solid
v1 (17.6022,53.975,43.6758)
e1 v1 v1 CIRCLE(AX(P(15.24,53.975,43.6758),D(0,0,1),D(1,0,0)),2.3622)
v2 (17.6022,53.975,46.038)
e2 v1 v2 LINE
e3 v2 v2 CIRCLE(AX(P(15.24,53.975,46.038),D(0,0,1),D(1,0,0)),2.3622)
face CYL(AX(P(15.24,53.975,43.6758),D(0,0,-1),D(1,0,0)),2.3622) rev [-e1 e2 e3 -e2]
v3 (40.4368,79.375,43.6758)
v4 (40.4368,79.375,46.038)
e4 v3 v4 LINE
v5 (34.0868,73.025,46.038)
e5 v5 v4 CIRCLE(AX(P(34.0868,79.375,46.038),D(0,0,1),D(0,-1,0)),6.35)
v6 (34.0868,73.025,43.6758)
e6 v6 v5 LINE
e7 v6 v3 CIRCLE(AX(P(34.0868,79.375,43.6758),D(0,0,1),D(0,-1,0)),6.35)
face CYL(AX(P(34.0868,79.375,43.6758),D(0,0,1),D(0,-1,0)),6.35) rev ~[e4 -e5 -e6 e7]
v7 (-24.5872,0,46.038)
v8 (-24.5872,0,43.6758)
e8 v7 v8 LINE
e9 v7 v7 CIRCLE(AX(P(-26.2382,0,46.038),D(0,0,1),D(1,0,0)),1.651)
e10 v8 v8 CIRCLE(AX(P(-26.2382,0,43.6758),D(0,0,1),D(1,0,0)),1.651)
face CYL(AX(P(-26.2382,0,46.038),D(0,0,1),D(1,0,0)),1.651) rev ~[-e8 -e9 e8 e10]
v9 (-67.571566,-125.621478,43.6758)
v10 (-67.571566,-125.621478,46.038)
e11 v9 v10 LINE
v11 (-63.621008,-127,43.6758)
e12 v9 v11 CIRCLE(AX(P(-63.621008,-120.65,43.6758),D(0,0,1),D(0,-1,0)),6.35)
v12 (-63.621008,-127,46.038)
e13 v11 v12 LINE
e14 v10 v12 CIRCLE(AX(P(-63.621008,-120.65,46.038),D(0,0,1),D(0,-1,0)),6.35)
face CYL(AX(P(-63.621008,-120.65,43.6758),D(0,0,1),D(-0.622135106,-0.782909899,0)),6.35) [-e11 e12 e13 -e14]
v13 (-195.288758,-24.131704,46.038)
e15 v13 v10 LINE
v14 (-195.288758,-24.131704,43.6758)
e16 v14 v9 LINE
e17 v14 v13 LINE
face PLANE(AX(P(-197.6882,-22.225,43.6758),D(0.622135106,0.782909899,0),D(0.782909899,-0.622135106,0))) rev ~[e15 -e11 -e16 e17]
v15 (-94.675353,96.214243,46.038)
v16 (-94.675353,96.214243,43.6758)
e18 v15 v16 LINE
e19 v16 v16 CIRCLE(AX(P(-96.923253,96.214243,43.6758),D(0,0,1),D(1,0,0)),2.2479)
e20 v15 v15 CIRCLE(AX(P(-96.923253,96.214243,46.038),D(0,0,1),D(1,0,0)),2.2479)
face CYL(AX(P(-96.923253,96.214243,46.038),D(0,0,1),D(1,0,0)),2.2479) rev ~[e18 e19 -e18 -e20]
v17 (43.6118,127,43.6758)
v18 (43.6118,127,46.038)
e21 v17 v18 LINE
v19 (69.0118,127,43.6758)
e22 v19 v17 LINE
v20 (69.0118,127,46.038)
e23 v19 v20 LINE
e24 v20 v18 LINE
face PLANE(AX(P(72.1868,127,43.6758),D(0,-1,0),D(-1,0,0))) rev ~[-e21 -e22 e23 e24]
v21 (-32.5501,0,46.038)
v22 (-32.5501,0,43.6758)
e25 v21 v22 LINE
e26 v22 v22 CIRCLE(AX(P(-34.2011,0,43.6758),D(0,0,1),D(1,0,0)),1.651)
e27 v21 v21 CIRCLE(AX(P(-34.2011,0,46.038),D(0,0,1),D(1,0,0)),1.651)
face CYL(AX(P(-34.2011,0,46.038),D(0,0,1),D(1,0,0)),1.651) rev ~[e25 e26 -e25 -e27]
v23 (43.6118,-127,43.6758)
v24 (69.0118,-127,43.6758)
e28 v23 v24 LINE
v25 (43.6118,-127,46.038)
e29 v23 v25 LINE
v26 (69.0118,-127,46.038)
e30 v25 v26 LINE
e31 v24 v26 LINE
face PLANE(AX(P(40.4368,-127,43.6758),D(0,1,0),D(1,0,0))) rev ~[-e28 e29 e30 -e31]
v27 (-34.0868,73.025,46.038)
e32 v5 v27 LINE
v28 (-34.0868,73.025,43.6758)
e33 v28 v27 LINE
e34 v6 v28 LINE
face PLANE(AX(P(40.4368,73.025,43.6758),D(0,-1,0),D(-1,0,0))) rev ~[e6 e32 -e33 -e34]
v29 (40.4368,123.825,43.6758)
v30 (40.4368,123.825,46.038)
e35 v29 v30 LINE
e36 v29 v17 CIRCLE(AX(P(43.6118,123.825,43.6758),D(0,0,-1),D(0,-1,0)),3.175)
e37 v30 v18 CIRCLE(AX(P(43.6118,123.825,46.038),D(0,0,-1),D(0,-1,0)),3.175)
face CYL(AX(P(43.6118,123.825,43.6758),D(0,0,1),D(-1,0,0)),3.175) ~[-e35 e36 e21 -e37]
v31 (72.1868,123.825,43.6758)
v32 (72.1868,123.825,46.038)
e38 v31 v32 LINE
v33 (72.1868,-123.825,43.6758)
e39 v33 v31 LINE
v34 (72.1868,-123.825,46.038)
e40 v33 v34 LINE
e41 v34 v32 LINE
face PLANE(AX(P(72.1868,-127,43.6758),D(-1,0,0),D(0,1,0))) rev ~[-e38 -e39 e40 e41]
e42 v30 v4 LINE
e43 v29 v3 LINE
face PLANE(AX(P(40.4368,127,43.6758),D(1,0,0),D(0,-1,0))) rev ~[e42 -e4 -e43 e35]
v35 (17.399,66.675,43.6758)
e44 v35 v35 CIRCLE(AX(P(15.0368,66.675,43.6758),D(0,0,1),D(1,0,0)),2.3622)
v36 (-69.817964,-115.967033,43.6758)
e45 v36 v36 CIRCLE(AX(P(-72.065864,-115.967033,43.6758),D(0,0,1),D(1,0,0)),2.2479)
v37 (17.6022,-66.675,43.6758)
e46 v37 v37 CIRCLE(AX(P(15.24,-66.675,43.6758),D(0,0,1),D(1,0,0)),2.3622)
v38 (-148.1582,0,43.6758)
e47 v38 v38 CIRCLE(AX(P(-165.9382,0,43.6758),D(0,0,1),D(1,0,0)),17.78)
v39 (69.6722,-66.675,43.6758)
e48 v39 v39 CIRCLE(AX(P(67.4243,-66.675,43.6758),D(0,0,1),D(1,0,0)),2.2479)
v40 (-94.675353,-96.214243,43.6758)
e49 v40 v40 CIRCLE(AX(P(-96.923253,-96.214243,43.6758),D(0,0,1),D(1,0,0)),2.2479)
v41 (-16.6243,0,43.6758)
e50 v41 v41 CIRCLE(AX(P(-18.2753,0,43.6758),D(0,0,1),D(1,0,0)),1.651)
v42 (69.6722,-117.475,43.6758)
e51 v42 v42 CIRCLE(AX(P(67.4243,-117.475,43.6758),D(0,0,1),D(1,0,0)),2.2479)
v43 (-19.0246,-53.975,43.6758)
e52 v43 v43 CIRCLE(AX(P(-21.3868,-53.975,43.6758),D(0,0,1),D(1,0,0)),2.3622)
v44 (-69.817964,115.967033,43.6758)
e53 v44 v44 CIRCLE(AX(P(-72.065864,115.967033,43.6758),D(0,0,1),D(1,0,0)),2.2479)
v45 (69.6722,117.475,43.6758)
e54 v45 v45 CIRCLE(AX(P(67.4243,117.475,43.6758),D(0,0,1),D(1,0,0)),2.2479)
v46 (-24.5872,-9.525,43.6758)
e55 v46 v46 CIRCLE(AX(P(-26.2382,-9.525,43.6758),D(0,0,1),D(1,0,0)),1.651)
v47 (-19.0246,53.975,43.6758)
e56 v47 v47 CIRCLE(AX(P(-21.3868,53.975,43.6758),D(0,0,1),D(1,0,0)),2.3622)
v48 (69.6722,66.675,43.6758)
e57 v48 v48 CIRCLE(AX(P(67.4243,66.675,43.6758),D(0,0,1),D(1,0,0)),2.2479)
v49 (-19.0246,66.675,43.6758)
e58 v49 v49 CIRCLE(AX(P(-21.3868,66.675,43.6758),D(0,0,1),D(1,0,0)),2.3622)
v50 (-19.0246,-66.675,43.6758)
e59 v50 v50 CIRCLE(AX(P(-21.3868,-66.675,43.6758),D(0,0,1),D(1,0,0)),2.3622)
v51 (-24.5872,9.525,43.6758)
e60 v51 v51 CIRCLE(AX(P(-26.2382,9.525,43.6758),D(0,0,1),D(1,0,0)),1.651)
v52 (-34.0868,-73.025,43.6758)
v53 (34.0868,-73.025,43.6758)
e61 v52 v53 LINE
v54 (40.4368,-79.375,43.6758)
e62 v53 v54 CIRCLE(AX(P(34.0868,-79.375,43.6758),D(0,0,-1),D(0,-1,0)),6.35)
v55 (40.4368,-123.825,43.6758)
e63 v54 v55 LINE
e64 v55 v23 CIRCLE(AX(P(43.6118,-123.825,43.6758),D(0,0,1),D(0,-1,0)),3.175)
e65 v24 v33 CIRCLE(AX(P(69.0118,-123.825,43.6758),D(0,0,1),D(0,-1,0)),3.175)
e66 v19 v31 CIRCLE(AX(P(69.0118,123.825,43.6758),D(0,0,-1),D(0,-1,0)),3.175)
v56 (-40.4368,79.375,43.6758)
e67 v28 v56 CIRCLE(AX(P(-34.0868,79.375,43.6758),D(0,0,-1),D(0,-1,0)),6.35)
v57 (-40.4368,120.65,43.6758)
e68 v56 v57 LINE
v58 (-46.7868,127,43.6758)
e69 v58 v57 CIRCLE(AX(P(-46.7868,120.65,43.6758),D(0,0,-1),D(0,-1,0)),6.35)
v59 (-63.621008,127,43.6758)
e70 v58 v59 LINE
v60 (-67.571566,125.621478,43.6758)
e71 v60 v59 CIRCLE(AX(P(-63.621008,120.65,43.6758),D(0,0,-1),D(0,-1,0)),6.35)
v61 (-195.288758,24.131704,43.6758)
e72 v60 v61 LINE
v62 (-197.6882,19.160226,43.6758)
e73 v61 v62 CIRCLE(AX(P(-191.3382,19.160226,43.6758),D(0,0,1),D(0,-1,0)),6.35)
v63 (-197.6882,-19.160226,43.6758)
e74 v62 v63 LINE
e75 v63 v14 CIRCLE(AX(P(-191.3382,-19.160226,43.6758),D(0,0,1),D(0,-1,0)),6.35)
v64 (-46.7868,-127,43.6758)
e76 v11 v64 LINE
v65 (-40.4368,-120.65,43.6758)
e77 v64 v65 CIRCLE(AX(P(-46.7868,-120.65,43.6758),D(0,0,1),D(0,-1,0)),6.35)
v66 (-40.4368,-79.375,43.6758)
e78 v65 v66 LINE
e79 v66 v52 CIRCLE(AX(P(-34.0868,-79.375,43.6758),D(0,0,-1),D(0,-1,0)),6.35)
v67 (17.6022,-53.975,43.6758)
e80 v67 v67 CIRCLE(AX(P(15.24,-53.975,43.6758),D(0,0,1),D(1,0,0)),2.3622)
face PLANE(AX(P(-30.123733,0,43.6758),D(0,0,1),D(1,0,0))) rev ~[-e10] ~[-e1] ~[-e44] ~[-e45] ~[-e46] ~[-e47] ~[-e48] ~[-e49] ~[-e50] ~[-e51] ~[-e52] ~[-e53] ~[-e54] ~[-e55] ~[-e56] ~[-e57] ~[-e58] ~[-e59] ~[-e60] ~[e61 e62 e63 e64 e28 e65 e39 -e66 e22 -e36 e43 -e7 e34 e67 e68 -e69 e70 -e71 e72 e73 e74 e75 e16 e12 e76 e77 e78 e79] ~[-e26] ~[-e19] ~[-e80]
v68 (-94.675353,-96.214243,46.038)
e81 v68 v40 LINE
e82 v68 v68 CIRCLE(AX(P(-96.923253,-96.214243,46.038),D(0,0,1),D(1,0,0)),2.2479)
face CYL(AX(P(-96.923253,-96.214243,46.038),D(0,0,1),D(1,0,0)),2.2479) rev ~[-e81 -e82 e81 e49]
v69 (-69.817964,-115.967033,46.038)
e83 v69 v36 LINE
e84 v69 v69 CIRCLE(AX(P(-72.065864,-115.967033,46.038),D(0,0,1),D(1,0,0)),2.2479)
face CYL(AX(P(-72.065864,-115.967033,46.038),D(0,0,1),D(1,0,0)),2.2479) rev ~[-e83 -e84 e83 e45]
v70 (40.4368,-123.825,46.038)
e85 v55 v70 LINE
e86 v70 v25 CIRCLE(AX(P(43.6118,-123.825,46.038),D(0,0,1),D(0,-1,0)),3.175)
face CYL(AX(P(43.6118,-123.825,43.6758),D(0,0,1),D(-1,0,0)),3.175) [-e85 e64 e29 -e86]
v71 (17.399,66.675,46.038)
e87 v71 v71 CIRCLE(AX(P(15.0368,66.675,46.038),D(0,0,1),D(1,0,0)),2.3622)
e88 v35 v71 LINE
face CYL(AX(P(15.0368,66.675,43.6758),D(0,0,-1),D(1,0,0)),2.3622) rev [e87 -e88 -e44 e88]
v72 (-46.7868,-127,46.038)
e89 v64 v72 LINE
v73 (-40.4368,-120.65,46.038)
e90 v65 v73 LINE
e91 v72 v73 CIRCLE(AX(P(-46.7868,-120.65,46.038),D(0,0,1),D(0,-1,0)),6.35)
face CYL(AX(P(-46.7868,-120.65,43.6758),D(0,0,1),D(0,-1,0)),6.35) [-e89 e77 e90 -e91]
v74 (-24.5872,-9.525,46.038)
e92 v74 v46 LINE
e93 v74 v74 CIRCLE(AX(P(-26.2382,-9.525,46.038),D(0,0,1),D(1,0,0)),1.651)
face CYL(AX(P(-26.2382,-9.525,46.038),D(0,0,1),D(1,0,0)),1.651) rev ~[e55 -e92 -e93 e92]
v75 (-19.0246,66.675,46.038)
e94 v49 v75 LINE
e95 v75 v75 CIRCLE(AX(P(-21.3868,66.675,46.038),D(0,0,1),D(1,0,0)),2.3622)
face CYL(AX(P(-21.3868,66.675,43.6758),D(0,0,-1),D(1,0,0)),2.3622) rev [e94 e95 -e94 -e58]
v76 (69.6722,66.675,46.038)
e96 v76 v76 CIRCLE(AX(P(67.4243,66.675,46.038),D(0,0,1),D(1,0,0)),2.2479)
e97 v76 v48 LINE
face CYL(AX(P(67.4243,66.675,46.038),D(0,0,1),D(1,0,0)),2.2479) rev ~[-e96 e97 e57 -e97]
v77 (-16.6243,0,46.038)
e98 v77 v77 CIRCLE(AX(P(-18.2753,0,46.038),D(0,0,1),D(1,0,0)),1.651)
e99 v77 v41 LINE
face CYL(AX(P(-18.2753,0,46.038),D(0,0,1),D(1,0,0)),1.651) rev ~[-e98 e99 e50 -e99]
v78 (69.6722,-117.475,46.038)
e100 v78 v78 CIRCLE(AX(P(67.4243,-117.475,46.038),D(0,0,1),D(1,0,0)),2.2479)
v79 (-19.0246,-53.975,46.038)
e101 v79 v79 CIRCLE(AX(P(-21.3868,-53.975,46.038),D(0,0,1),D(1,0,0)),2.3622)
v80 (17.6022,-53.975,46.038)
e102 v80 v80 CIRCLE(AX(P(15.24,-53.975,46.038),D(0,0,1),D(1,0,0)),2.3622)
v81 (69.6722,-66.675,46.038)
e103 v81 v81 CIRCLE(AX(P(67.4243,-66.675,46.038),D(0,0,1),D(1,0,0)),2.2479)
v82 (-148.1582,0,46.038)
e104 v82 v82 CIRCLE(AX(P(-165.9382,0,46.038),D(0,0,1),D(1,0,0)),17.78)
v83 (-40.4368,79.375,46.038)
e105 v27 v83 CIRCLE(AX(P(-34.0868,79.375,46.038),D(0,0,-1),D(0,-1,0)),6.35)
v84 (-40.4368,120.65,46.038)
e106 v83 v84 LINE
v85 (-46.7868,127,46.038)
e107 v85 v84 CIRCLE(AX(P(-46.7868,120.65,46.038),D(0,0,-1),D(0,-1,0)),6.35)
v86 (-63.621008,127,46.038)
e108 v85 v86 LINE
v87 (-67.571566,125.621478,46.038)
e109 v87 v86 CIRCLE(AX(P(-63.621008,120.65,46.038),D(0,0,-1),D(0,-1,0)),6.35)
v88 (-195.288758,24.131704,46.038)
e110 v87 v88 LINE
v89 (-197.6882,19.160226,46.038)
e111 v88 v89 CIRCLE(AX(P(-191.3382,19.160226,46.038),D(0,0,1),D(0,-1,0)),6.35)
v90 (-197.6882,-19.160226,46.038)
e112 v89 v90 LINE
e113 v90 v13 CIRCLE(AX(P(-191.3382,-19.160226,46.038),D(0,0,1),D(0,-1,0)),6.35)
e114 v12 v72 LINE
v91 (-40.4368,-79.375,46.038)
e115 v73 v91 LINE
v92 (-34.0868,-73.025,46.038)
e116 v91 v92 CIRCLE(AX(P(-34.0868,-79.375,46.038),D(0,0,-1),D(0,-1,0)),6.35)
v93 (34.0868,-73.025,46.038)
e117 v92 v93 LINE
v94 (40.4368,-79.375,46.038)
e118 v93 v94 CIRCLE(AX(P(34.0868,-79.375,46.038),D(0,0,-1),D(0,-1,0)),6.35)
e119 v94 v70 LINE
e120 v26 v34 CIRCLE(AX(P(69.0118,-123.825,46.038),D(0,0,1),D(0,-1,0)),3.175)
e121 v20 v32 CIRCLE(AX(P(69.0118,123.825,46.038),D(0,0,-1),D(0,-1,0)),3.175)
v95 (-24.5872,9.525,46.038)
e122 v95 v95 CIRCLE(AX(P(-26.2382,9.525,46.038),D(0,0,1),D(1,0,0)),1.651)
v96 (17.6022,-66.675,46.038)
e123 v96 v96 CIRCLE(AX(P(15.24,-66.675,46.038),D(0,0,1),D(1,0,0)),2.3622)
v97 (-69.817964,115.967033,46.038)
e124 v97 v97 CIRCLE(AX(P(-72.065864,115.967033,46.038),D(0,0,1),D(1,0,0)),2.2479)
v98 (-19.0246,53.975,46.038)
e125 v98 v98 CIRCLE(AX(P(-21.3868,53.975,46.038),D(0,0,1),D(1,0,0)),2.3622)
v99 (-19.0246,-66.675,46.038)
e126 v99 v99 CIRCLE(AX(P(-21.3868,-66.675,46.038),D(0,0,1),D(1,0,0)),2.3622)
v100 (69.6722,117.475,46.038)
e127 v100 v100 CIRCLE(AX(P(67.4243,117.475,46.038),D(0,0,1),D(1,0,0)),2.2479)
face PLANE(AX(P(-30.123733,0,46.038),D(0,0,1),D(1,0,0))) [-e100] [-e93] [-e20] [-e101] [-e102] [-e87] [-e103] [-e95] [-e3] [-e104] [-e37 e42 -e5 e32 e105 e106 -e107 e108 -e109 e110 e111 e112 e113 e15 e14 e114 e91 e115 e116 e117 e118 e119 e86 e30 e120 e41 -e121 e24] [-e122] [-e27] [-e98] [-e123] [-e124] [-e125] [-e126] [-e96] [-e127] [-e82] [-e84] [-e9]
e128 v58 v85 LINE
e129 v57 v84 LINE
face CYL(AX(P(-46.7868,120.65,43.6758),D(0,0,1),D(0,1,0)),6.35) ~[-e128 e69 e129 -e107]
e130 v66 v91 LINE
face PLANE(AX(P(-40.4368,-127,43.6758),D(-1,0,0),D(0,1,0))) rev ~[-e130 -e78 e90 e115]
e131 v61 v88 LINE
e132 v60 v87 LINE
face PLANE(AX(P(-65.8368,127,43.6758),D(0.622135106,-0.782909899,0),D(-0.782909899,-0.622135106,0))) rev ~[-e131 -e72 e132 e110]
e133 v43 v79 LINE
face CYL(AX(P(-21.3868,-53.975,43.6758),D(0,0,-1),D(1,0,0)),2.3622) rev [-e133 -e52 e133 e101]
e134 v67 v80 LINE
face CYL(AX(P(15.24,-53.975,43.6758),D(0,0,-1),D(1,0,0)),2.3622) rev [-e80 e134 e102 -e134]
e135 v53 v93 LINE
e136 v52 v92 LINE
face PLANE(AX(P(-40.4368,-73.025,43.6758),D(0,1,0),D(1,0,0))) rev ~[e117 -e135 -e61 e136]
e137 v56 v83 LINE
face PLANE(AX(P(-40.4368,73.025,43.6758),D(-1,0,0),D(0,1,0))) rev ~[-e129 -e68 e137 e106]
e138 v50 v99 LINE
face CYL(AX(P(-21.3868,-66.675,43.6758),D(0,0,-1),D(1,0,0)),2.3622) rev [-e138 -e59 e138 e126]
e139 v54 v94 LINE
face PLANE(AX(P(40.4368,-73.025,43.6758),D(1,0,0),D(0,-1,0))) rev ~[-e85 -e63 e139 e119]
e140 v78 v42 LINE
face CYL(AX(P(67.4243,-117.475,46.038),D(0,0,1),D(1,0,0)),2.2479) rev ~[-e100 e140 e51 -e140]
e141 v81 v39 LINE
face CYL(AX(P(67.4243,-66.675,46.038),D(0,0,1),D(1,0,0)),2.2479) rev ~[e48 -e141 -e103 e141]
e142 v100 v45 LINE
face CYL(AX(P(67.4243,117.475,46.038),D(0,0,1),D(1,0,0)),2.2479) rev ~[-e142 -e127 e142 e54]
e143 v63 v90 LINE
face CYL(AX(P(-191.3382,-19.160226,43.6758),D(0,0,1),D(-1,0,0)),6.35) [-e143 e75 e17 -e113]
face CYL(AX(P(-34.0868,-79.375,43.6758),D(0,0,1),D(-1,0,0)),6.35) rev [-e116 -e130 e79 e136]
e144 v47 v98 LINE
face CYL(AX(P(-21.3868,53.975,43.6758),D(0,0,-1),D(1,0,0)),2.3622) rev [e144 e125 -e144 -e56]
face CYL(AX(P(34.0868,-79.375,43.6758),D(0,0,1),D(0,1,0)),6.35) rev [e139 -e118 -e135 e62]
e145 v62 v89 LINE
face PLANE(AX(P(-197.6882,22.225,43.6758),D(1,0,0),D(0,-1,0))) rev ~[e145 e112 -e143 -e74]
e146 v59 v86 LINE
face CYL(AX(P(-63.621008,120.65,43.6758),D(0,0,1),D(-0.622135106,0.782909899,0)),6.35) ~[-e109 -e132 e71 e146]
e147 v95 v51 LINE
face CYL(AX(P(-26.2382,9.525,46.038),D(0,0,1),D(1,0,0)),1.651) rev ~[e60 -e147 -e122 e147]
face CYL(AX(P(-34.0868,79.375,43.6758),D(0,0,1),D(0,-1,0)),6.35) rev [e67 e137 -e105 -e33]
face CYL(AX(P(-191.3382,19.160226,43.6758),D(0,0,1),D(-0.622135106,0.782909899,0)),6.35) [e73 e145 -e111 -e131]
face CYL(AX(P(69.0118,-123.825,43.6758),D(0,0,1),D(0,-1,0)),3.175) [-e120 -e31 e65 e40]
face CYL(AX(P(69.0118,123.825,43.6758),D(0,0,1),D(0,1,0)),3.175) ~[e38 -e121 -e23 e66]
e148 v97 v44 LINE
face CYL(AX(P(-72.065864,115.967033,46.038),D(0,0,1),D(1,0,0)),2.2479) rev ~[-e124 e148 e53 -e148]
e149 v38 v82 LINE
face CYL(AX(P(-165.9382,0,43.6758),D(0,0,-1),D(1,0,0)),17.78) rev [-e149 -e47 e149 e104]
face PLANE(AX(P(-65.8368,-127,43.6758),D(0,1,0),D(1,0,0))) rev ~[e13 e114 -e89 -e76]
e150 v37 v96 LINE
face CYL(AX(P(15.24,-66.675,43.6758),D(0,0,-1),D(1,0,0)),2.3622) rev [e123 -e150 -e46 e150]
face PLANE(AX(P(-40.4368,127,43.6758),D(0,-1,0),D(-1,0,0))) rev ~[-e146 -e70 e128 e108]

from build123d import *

# Parameters (mm, degrees)
SKETCH_R        = 2.3622
SKETCH_R_2      = 17.78
PAD_DEPTH       = 2.3622
FILLET_R        = 6.35
FILLET001_R     = 6.35
FILLET002_R     = 6.35
FILLET003_R     = 6.35
FILLET004_R     = 6.35
FILLET005_R     = 3.175
FILLET006_R     = 3.175
FILLET007_R     = 6.35
FILLET008_R     = 6.35
FILLET009_R     = 6.35
FILLET010_R     = 6.35
FILLET011_R     = 6.35
FILLET012_R     = 3.175
FILLET013_R     = 3.175
SKETCH001_R     = 1.651
POCKET_DEPTH    = 2.3632
SKETCH002_R     = 2.2479
POCKET001_DEPTH = 2.3632
SKETCH003_R     = 2.2479
POCKET002_DEPTH = 5.0038
SKETCH004_R     = 2.2479
POCKET003_DEPTH = 0.001


with BuildPart() as part:
    # Sketch (on DatumPlane) → Pad (new body)
    with BuildSketch(Plane.XY.offset(43.6758)):
        Polygon((40.4368, 73.025), (-40.4368, 73.025), (-40.4368, 127), (-65.8368, 127), (-197.6882, 22.225), (-197.6882, -22.225), (-65.8368, -127), (-40.4368, -127), (-40.4368, -73.025), (40.4368, -73.025), (40.4368, -127), (72.1868, -127), (72.1868, 127), (40.4368, 127), align=None)
        with Locations((-21.3868, 66.675)):
            Circle(SKETCH_R, mode=Mode.SUBTRACT)
        with Locations((-21.3868, 53.975)):
            Circle(SKETCH_R, mode=Mode.SUBTRACT)
        with Locations((-21.3868, -53.975)):
            Circle(SKETCH_R, mode=Mode.SUBTRACT)
        with Locations((-21.3868, -66.675)):
            Circle(SKETCH_R, mode=Mode.SUBTRACT)
        with Locations((15.0368, 66.675)):
            Circle(SKETCH_R, mode=Mode.SUBTRACT)
        with Locations((15.24, 53.975)):
            Circle(SKETCH_R, mode=Mode.SUBTRACT)
        with Locations((15.24, -53.975)):
            Circle(SKETCH_R, mode=Mode.SUBTRACT)
        with Locations((15.24, -66.675)):
            Circle(SKETCH_R, mode=Mode.SUBTRACT)
        with Locations((-165.9382, 0)):
            Circle(SKETCH_R_2, mode=Mode.SUBTRACT)
    extrude(amount=PAD_DEPTH)

    # Fillet
    fillet_edges = [part.edges().sort_by_distance(p)[0] for p in [
        (-197.6882, -22.225, 44.8569),
    ]]
    fillet(fillet_edges, radius=FILLET_R)

    # Fillet001
    fillet001_edges = [part.edges().sort_by_distance(p)[0] for p in [
        (-65.8368, -127, 44.8569),
    ]]
    fillet(fillet001_edges, radius=FILLET001_R)

    # Fillet002
    fillet002_edges = [part.edges().sort_by_distance(p)[0] for p in [
        (-40.4368, -127, 44.8569),
    ]]
    fillet(fillet002_edges, radius=FILLET002_R)

    # Fillet003
    fillet003_edges = [part.edges().sort_by_distance(p)[0] for p in [
        (-40.4368, -73.025, 44.8569),
    ]]
    fillet(fillet003_edges, radius=FILLET003_R)

    # Fillet004
    fillet004_edges = [part.edges().sort_by_distance(p)[0] for p in [
        (40.4368, -73.025, 44.8569),
    ]]
    fillet(fillet004_edges, radius=FILLET004_R)

    # Fillet005
    fillet005_edges = [part.edges().sort_by_distance(p)[0] for p in [
        (40.4368, -127, 44.8569),
    ]]
    fillet(fillet005_edges, radius=FILLET005_R)

    # Fillet006
    fillet006_edges = [part.edges().sort_by_distance(p)[0] for p in [
        (72.1868, -127, 44.8569),
    ]]
    fillet(fillet006_edges, radius=FILLET006_R)

    # Fillet007
    fillet007_edges = [part.edges().sort_by_distance(p)[0] for p in [
        (-197.6882, 22.225, 44.8569),
    ]]
    fillet(fillet007_edges, radius=FILLET007_R)

    # Fillet008
    fillet008_edges = [part.edges().sort_by_distance(p)[0] for p in [
        (-65.8368, 127, 44.8569),
    ]]
    fillet(fillet008_edges, radius=FILLET008_R)

    # Fillet009
    fillet009_edges = [part.edges().sort_by_distance(p)[0] for p in [
        (-40.4368, 127, 44.8569),
    ]]
    fillet(fillet009_edges, radius=FILLET009_R)

    # Fillet010
    fillet010_edges = [part.edges().sort_by_distance(p)[0] for p in [
        (40.4368, 73.025, 44.8569),
    ]]
    fillet(fillet010_edges, radius=FILLET010_R)

    # Fillet011
    fillet011_edges = [part.edges().sort_by_distance(p)[0] for p in [
        (-40.4368, 73.025, 44.8569),
    ]]
    fillet(fillet011_edges, radius=FILLET011_R)

    # Fillet012
    fillet012_edges = [part.edges().sort_by_distance(p)[0] for p in [
        (40.4368, 127, 44.8569),
    ]]
    fillet(fillet012_edges, radius=FILLET012_R)

    # Fillet013
    fillet013_edges = [part.edges().sort_by_distance(p)[0] for p in [
        (72.1868, 127, 44.8569),
    ]]
    fillet(fillet013_edges, radius=FILLET013_R)

    # Sketch001 (on Face39 of Fillet013) → Pocket (cut, through all)
    with BuildSketch(Plane.XY.offset(46.038)):
        with Locations((-26.2382, 0)):
            Circle(SKETCH001_R)
        with Locations((-34.2011, 0)):
            Circle(SKETCH001_R)
        with Locations((-26.2382, 9.525)):
            Circle(SKETCH001_R)
        with Locations((-18.2753, 0)):
            Circle(SKETCH001_R)
        with Locations((-26.2382, -9.525)):
            Circle(SKETCH001_R)
    extrude(amount=-POCKET_DEPTH, mode=Mode.SUBTRACT)

    # Sketch002 (on Face44 of Pocket) → Pocket001 (cut, through all)
    with BuildSketch(Plane.XY.offset(46.038)):
        with Locations((-96.923253, -96.214243)):
            Circle(SKETCH002_R)
        with Locations((-72.065864, -115.967033)):
            Circle(SKETCH002_R)
        with Locations((-72.065864, 115.967033)):
            Circle(SKETCH002_R)
        with Locations((-96.923253, 96.214243)):
            Circle(SKETCH002_R)
    extrude(amount=-POCKET001_DEPTH, mode=Mode.SUBTRACT)

    # Sketch003 (on Face48 of Pocket001) → Pocket002 (cut)
    with BuildSketch(Plane.XY.offset(46.038)):
        with Locations((67.4243, -117.475)):
            Circle(SKETCH003_R)
        with Locations((67.4243, -66.675)):
            Circle(SKETCH003_R)
        with Locations((67.4243, 117.475)):
            Circle(SKETCH003_R)
        with Locations((67.4243, 66.675)):
            Circle(SKETCH003_R)
    extrude(amount=-POCKET002_DEPTH, mode=Mode.SUBTRACT)

    # Sketch004 → Pocket003 (cut, through all)
    with BuildSketch(Plane.XY):
        with Locations((-177.3809, 19.819338)):
            Circle(SKETCH004_R)
        with Locations((-177.3809, -19.819338)):
            Circle(SKETCH004_R)
        with Locations((-143.0528, 0)):
            Circle(SKETCH004_R)
    extrude(amount=-POCKET003_DEPTH, mode=Mode.SUBTRACT)


solid = part.part
